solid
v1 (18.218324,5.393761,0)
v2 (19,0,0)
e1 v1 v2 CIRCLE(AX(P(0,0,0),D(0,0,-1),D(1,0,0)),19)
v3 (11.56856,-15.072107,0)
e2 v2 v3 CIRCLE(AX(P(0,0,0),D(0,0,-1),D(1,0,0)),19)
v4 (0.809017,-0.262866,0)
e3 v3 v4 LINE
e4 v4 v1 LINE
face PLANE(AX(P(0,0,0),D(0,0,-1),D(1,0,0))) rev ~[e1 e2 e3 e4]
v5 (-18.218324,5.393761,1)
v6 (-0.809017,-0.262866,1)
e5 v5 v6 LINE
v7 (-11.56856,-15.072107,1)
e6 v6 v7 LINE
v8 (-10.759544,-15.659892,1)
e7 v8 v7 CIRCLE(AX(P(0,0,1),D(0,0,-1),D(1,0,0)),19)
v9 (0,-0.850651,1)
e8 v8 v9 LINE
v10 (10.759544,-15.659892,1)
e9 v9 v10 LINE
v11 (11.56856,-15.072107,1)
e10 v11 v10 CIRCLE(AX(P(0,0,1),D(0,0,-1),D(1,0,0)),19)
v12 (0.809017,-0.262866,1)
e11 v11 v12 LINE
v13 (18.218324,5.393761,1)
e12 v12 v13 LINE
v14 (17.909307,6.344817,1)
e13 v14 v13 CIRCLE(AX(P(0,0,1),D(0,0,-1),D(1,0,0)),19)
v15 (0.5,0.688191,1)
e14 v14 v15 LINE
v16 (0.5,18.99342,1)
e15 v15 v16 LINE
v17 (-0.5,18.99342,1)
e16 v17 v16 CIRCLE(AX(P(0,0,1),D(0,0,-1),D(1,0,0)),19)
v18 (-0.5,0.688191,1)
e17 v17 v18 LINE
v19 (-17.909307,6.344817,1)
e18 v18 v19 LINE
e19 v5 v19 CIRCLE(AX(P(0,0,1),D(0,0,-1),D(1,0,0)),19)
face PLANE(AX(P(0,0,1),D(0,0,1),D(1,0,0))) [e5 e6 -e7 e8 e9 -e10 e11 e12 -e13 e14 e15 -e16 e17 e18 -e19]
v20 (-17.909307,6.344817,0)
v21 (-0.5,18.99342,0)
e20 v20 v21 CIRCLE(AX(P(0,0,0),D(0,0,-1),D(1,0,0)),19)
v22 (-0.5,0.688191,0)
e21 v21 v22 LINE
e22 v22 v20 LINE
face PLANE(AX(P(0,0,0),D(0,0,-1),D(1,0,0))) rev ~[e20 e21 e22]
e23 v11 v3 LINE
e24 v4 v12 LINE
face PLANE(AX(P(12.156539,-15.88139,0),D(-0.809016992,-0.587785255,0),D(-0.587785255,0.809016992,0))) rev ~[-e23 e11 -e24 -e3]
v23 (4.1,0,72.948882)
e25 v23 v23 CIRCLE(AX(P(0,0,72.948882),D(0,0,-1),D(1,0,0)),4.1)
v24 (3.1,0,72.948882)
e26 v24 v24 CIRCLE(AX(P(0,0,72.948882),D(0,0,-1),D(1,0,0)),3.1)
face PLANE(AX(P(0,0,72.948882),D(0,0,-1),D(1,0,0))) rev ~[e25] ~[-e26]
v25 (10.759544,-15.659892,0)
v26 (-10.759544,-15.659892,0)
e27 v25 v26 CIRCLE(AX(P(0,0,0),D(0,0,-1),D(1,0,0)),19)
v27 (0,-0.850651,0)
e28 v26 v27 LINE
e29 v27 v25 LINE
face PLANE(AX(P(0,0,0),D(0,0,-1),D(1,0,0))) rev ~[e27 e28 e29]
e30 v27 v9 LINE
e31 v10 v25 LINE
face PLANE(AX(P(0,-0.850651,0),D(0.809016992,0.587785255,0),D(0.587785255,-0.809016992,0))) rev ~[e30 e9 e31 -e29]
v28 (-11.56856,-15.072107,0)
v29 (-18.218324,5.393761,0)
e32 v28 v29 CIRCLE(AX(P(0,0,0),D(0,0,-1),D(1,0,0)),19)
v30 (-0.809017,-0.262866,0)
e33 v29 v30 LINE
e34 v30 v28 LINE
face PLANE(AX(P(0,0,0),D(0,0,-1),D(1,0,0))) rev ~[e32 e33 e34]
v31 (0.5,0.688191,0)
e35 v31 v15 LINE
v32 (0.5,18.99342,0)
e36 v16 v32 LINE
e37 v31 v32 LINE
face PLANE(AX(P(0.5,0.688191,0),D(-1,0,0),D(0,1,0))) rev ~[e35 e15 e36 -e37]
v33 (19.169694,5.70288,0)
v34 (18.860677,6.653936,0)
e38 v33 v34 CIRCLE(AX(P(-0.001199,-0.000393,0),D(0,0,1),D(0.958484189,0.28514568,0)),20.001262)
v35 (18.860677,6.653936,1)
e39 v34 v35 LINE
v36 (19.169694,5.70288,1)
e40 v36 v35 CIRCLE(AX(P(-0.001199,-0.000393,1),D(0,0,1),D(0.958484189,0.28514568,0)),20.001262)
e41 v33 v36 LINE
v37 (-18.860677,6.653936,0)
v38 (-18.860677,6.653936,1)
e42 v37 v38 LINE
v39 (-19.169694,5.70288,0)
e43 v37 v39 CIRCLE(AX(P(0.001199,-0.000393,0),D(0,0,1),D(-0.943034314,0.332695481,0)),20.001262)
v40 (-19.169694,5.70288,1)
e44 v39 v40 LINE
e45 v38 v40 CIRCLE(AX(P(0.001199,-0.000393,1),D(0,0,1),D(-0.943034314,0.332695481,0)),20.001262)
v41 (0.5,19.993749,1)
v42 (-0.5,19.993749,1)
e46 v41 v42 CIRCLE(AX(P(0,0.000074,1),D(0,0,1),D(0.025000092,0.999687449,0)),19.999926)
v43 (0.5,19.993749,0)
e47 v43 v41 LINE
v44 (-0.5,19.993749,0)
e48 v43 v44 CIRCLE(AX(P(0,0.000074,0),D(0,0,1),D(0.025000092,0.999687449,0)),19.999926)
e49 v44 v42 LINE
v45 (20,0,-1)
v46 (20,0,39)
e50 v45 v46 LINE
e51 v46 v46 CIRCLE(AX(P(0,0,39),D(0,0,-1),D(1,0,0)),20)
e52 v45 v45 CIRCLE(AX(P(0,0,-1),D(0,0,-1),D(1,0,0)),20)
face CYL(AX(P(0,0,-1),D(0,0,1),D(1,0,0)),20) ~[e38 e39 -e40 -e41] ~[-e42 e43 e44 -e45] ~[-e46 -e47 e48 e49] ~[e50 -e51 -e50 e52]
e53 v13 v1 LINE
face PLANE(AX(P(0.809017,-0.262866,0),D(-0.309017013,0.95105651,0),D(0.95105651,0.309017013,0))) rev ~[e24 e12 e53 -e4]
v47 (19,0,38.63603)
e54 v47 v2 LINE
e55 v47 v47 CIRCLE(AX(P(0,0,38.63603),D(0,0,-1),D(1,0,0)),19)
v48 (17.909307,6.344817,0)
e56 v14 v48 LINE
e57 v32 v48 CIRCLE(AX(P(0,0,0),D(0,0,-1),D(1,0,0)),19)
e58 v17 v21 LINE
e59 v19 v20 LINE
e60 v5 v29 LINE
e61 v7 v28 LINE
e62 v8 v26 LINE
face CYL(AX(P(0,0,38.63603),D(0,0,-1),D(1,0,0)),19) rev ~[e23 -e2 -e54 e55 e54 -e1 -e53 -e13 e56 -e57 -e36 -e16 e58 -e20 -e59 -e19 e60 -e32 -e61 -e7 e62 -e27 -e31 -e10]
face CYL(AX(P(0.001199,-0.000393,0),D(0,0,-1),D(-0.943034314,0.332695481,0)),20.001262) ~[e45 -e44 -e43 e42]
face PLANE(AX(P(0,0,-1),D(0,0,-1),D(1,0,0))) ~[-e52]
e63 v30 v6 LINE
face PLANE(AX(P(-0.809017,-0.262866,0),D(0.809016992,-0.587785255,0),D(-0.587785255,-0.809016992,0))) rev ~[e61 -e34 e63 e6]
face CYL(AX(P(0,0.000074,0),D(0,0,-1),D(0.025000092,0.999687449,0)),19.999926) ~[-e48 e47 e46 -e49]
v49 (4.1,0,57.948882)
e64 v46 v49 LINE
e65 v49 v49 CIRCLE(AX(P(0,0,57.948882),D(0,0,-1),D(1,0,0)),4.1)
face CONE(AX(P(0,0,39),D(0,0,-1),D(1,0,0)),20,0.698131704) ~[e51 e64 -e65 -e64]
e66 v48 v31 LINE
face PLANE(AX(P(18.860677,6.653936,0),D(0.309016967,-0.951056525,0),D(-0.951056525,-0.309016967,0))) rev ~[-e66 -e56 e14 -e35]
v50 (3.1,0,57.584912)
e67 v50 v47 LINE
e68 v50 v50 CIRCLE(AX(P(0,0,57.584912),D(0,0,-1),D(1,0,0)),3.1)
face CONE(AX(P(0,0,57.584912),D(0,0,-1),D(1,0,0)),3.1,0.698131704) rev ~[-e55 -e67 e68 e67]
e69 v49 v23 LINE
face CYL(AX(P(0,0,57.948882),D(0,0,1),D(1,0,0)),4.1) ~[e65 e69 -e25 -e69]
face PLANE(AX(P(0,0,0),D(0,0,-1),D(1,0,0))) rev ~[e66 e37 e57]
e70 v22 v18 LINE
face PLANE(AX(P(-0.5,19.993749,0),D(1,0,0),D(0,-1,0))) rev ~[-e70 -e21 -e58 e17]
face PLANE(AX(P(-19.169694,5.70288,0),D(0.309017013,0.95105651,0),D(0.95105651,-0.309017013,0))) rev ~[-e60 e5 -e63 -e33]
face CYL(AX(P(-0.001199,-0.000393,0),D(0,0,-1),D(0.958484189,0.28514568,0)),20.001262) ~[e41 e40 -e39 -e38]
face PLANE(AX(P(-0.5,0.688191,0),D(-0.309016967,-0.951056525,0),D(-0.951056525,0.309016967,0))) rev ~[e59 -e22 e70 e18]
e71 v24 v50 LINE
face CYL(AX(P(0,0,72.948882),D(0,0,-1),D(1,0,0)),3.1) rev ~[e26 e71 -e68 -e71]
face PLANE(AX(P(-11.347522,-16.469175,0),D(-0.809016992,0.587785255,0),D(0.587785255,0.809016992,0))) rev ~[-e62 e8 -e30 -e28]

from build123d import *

# Parameters (mm, degrees)
F3_DEPTH = 1


with BuildPart() as f1:
    # F0 (on Front) → F1 (revolve)
    with BuildSketch(Plane.XZ):
        Polygon((0, 0), (0, -1), (20, -1), (20, 39), (4.1, 57.948882), (4.1, 72.948882), (3.1, 72.948882), (3.1, 57.584912), (19, 38.63603), (19, 0), align=None)
    revolve(axis=Axis((0, 0, -0.5), (0, 0, -1)))

    # F2 (on Top) → F3 (join)
    with BuildSketch(Plane.XY):
        with BuildLine():
            Line((0, -0.850651), (11.347522, -16.469175))
            ThreePointArc((11.347522, -16.469175), (11.755705, -16.18034), (12.156539, -15.88139))
            Line((12.156539, -15.88139), (0.809017, -0.262866))
            Line((0.809017, -0.262866), (19.169694, 5.70288))
            ThreePointArc((19.169694, 5.70288), (19.02113, 6.18034), (18.860677, 6.653936))
            Line((18.860677, 6.653936), (0.5, 0.688191))
            Line((0.5, 0.688191), (0.5, 19.993749))
            ThreePointArc((0.5, 19.993749), (0, 20), (-0.5, 19.993749))
            Line((-0.5, 19.993749), (-0.5, 0.688191))
            Line((-0.5, 0.688191), (-18.860677, 6.653936))
            ThreePointArc((-18.860677, 6.653936), (-19.02113, 6.18034), (-19.169694, 5.70288))
            Line((-19.169694, 5.70288), (-0.809017, -0.262866))
            Line((-0.809017, -0.262866), (-12.156539, -15.88139))
            ThreePointArc((-12.156539, -15.88139), (-11.755705, -16.18034), (-11.347522, -16.469175))
            Line((-11.347522, -16.469175), (0, -0.850651))
        make_face()
    extrude(amount=F3_DEPTH)


solid = f1.part
